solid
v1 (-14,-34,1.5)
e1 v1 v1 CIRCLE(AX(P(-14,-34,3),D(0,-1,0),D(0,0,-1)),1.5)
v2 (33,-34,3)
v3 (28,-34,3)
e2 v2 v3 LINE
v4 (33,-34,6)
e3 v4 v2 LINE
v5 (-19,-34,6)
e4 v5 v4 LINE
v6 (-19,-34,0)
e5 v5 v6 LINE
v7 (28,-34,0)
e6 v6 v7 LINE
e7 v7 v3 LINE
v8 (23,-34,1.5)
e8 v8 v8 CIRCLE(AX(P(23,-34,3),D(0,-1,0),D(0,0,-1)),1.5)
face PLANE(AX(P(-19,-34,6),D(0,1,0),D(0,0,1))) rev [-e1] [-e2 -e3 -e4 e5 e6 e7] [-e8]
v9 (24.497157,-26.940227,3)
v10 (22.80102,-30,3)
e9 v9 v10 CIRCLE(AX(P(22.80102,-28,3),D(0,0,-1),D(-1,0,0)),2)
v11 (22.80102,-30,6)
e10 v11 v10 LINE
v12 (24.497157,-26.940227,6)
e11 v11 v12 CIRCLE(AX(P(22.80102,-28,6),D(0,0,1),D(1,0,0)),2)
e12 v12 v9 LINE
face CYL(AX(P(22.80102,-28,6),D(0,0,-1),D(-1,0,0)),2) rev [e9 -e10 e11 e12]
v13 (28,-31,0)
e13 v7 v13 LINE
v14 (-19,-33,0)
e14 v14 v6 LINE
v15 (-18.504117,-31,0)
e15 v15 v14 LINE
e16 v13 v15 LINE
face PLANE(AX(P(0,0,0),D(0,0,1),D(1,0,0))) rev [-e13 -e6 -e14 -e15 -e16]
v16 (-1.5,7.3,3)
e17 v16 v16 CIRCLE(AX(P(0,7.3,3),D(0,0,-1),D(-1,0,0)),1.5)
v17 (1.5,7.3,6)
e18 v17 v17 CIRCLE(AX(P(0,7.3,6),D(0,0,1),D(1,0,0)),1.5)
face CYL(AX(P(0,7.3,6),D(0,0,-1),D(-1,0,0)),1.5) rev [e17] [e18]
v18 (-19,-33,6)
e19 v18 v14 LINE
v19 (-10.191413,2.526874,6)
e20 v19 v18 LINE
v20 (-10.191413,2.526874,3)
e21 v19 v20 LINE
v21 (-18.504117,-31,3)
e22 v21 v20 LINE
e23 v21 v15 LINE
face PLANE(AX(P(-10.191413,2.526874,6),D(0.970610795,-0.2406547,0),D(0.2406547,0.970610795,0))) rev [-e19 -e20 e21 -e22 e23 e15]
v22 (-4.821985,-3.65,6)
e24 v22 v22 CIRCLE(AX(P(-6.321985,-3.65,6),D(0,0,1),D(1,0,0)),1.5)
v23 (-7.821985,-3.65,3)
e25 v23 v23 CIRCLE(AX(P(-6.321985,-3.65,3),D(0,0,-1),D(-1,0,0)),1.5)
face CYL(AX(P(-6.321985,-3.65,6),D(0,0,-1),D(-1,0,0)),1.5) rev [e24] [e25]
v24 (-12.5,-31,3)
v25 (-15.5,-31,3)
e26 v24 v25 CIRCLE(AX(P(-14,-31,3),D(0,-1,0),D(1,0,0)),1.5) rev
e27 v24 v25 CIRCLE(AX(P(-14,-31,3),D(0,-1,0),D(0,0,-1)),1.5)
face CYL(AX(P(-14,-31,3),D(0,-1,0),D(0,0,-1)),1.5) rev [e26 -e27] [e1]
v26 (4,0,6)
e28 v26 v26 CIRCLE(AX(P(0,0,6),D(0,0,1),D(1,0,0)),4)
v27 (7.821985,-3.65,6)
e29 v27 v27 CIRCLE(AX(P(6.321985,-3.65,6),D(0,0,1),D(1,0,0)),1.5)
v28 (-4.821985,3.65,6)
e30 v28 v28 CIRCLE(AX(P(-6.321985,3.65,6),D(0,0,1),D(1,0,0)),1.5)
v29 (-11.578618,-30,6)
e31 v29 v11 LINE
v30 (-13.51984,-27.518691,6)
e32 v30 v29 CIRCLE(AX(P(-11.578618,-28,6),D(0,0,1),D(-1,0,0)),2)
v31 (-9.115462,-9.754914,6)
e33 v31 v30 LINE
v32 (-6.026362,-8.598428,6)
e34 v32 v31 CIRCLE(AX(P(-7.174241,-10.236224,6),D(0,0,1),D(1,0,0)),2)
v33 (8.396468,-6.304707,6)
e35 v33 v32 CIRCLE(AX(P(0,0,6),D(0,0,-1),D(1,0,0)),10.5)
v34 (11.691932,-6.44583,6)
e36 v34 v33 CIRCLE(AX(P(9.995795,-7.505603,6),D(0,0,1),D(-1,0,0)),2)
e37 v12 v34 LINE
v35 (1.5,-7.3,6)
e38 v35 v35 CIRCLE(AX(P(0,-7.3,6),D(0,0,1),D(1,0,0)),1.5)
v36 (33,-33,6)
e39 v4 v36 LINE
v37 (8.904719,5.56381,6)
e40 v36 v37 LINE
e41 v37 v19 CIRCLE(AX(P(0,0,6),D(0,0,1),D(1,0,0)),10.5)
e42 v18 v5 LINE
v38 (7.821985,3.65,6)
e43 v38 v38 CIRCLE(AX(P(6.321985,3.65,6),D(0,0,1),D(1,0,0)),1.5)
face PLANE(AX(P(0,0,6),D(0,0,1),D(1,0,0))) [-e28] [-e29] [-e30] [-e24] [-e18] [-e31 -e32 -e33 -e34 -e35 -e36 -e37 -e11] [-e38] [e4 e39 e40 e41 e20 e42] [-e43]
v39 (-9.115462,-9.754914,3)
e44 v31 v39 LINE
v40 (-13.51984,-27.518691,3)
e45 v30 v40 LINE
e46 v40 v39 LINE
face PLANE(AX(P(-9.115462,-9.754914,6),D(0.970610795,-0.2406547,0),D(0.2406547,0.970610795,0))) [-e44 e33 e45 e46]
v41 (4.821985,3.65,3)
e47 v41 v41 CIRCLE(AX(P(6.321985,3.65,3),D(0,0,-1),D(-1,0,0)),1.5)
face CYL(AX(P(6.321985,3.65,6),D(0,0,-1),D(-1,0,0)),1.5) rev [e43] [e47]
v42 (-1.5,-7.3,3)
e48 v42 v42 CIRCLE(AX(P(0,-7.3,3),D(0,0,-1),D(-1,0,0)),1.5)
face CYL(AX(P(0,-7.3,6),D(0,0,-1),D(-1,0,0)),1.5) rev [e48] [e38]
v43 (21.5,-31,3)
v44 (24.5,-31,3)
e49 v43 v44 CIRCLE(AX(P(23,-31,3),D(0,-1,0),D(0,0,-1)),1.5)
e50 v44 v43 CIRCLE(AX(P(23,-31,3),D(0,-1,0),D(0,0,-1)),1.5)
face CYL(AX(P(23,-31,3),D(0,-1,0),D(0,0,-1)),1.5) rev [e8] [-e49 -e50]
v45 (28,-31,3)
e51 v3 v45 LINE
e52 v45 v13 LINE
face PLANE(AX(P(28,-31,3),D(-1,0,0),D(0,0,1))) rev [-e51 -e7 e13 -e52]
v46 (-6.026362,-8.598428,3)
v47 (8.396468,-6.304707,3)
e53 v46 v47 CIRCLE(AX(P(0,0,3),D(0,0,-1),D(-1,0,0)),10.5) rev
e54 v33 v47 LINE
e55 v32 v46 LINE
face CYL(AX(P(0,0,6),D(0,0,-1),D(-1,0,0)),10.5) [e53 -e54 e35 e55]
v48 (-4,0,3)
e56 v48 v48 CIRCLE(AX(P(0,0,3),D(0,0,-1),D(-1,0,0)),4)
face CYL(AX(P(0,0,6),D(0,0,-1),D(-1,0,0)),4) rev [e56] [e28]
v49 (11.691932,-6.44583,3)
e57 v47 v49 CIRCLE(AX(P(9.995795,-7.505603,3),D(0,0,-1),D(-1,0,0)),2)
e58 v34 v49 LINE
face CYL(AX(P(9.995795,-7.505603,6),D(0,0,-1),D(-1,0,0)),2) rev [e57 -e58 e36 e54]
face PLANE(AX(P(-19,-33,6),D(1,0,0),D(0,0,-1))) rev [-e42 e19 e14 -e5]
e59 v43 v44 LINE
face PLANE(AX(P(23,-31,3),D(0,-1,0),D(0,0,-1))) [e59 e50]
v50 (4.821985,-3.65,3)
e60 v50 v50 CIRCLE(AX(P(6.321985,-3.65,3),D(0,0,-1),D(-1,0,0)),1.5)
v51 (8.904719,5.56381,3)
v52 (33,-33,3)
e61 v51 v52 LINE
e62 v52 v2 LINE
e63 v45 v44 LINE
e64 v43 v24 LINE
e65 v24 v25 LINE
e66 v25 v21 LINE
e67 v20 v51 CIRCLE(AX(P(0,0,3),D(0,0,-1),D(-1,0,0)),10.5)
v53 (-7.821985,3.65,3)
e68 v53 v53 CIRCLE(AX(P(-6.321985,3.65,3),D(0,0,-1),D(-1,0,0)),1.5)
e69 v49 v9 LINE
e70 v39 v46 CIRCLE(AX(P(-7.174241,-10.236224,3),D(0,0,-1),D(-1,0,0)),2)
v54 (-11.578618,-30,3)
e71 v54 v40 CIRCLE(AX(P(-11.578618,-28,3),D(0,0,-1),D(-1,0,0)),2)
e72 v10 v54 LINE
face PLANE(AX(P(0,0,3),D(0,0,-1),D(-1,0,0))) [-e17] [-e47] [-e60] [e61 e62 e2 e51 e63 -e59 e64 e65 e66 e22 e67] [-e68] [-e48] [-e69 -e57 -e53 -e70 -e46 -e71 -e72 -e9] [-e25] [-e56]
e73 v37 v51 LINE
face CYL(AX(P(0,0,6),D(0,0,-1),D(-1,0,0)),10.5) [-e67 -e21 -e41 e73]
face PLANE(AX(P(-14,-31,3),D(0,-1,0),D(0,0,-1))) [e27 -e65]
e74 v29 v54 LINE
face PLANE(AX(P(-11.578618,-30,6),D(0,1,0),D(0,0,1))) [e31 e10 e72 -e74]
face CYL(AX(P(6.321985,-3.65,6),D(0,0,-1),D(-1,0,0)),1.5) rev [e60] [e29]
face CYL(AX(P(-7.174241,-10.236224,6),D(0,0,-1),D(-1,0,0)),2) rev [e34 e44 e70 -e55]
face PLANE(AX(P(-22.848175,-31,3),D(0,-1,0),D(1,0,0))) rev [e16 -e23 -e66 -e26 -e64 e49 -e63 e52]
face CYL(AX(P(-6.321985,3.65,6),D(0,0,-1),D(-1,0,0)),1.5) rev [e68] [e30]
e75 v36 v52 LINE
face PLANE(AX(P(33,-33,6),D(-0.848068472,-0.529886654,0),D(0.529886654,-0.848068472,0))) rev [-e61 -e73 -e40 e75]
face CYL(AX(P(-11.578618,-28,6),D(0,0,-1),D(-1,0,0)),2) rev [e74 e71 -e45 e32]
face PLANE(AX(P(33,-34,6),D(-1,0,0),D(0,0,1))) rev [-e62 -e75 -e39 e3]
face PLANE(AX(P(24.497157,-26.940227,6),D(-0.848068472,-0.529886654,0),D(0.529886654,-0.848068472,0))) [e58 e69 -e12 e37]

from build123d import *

# Parameters (mm, degrees)
SKETCH_1_R          = 4
SKETCH_1_R_2        = 1.5
EXTRUDE_1_DEPTH     = 6
SKETCH_4_R          = 1.5
CUT_EXTRUDE_2_DEPTH = 3
CUT_EXTRUDE_3_DEPTH = 3


with BuildPart() as part:
    # 草图1 → 凸台-拉伸1 (new body)
    with BuildSketch(Plane.XY):
        with BuildLine():
            Line((-10.191413347, 2.526874351), (-19, -33))
            Line((-19, -33), (-19, -34))
            Line((-19, -34), (33, -34))
            Line((33, -34), (33, -33))
            Line((33, -33), (8.904718959, 5.563809869))
            ThreePointArc((8.904718959, 5.563809869), (-1.649133089, 10.369684665), (-10.191413347, 2.526874351))
        make_face()
        Circle(SKETCH_1_R, mode=Mode.SUBTRACT)
        with Locations((0, 7.3)):
            Circle(SKETCH_1_R_2, mode=Mode.SUBTRACT)
        with Locations((6.321985448, 3.65)):
            Circle(SKETCH_1_R_2, mode=Mode.SUBTRACT)
        with Locations((6.321985448, -3.65)):
            Circle(SKETCH_1_R_2, mode=Mode.SUBTRACT)
        with Locations((0, -7.3)):
            Circle(SKETCH_1_R_2, mode=Mode.SUBTRACT)
        with Locations((-6.321985448, -3.65)):
            Circle(SKETCH_1_R_2, mode=Mode.SUBTRACT)
        with Locations((-6.321985448, 3.65)):
            Circle(SKETCH_1_R_2, mode=Mode.SUBTRACT)
        with BuildLine():
            Line((-9.115462127, -9.754914157), (-13.519839571, -27.5186906))
            ThreePointArc((-13.519839571, -27.5186906), (-13.153835237, -29.232351654), (-11.578617982, -30))
            Line((-11.578617982, -30), (22.801020138, -30))
            ThreePointArc((22.801020138, -30), (24.55024091, -28.969652872), (24.497157083, -26.940226692))
            Line((24.497157083, -26.940226692), (11.69193225, -6.445829679))
            ThreePointArc((11.69193225, -6.445829679), (10.081363796, -5.507434318), (8.396468057, -6.30470651))
            ThreePointArc((8.396468057, -6.30470651), (1.649133089, -10.369684665), (-6.026362051, -8.598427788))
            ThreePointArc((-6.026362051, -8.598427788), (-7.875463398, -8.363181513), (-9.115462127, -9.754914157))
        make_face(mode=Mode.SUBTRACT)
    extrude(amount=EXTRUDE_1_DEPTH)

    # 草图4 → 切除-拉伸2 (cut)
    with BuildSketch(Plane(origin=(0, -34, 0), x_dir=(-1, 0, 0), z_dir=(0, -1, 0))):
        with Locations(Location((14, -3, 0), (0, 0, 90))):
            Circle(SKETCH_4_R)
        with Locations(Location((-23, -3, 0), (0, 0, 90))):
            Circle(SKETCH_4_R)
    extrude(amount=-CUT_EXTRUDE_2_DEPTH, mode=Mode.SUBTRACT)

    # 草图5 → 切除-拉伸3 (cut)
    with BuildSketch(Plane(origin=(0, 0, 0), x_dir=(-1, 0, 0), z_dir=(0, 0, -1))):
        Polygon((22.848175367, -31), (-28, -31), (-28, -36.198371548), (-37.735885528, -36.198371548), (-37.735885528, 13.676691154), (23.360590395, 13.676691154), (23.360590395, -30.988818766), align=None)
    extrude(amount=-CUT_EXTRUDE_3_DEPTH, mode=Mode.SUBTRACT)


solid = part.part
